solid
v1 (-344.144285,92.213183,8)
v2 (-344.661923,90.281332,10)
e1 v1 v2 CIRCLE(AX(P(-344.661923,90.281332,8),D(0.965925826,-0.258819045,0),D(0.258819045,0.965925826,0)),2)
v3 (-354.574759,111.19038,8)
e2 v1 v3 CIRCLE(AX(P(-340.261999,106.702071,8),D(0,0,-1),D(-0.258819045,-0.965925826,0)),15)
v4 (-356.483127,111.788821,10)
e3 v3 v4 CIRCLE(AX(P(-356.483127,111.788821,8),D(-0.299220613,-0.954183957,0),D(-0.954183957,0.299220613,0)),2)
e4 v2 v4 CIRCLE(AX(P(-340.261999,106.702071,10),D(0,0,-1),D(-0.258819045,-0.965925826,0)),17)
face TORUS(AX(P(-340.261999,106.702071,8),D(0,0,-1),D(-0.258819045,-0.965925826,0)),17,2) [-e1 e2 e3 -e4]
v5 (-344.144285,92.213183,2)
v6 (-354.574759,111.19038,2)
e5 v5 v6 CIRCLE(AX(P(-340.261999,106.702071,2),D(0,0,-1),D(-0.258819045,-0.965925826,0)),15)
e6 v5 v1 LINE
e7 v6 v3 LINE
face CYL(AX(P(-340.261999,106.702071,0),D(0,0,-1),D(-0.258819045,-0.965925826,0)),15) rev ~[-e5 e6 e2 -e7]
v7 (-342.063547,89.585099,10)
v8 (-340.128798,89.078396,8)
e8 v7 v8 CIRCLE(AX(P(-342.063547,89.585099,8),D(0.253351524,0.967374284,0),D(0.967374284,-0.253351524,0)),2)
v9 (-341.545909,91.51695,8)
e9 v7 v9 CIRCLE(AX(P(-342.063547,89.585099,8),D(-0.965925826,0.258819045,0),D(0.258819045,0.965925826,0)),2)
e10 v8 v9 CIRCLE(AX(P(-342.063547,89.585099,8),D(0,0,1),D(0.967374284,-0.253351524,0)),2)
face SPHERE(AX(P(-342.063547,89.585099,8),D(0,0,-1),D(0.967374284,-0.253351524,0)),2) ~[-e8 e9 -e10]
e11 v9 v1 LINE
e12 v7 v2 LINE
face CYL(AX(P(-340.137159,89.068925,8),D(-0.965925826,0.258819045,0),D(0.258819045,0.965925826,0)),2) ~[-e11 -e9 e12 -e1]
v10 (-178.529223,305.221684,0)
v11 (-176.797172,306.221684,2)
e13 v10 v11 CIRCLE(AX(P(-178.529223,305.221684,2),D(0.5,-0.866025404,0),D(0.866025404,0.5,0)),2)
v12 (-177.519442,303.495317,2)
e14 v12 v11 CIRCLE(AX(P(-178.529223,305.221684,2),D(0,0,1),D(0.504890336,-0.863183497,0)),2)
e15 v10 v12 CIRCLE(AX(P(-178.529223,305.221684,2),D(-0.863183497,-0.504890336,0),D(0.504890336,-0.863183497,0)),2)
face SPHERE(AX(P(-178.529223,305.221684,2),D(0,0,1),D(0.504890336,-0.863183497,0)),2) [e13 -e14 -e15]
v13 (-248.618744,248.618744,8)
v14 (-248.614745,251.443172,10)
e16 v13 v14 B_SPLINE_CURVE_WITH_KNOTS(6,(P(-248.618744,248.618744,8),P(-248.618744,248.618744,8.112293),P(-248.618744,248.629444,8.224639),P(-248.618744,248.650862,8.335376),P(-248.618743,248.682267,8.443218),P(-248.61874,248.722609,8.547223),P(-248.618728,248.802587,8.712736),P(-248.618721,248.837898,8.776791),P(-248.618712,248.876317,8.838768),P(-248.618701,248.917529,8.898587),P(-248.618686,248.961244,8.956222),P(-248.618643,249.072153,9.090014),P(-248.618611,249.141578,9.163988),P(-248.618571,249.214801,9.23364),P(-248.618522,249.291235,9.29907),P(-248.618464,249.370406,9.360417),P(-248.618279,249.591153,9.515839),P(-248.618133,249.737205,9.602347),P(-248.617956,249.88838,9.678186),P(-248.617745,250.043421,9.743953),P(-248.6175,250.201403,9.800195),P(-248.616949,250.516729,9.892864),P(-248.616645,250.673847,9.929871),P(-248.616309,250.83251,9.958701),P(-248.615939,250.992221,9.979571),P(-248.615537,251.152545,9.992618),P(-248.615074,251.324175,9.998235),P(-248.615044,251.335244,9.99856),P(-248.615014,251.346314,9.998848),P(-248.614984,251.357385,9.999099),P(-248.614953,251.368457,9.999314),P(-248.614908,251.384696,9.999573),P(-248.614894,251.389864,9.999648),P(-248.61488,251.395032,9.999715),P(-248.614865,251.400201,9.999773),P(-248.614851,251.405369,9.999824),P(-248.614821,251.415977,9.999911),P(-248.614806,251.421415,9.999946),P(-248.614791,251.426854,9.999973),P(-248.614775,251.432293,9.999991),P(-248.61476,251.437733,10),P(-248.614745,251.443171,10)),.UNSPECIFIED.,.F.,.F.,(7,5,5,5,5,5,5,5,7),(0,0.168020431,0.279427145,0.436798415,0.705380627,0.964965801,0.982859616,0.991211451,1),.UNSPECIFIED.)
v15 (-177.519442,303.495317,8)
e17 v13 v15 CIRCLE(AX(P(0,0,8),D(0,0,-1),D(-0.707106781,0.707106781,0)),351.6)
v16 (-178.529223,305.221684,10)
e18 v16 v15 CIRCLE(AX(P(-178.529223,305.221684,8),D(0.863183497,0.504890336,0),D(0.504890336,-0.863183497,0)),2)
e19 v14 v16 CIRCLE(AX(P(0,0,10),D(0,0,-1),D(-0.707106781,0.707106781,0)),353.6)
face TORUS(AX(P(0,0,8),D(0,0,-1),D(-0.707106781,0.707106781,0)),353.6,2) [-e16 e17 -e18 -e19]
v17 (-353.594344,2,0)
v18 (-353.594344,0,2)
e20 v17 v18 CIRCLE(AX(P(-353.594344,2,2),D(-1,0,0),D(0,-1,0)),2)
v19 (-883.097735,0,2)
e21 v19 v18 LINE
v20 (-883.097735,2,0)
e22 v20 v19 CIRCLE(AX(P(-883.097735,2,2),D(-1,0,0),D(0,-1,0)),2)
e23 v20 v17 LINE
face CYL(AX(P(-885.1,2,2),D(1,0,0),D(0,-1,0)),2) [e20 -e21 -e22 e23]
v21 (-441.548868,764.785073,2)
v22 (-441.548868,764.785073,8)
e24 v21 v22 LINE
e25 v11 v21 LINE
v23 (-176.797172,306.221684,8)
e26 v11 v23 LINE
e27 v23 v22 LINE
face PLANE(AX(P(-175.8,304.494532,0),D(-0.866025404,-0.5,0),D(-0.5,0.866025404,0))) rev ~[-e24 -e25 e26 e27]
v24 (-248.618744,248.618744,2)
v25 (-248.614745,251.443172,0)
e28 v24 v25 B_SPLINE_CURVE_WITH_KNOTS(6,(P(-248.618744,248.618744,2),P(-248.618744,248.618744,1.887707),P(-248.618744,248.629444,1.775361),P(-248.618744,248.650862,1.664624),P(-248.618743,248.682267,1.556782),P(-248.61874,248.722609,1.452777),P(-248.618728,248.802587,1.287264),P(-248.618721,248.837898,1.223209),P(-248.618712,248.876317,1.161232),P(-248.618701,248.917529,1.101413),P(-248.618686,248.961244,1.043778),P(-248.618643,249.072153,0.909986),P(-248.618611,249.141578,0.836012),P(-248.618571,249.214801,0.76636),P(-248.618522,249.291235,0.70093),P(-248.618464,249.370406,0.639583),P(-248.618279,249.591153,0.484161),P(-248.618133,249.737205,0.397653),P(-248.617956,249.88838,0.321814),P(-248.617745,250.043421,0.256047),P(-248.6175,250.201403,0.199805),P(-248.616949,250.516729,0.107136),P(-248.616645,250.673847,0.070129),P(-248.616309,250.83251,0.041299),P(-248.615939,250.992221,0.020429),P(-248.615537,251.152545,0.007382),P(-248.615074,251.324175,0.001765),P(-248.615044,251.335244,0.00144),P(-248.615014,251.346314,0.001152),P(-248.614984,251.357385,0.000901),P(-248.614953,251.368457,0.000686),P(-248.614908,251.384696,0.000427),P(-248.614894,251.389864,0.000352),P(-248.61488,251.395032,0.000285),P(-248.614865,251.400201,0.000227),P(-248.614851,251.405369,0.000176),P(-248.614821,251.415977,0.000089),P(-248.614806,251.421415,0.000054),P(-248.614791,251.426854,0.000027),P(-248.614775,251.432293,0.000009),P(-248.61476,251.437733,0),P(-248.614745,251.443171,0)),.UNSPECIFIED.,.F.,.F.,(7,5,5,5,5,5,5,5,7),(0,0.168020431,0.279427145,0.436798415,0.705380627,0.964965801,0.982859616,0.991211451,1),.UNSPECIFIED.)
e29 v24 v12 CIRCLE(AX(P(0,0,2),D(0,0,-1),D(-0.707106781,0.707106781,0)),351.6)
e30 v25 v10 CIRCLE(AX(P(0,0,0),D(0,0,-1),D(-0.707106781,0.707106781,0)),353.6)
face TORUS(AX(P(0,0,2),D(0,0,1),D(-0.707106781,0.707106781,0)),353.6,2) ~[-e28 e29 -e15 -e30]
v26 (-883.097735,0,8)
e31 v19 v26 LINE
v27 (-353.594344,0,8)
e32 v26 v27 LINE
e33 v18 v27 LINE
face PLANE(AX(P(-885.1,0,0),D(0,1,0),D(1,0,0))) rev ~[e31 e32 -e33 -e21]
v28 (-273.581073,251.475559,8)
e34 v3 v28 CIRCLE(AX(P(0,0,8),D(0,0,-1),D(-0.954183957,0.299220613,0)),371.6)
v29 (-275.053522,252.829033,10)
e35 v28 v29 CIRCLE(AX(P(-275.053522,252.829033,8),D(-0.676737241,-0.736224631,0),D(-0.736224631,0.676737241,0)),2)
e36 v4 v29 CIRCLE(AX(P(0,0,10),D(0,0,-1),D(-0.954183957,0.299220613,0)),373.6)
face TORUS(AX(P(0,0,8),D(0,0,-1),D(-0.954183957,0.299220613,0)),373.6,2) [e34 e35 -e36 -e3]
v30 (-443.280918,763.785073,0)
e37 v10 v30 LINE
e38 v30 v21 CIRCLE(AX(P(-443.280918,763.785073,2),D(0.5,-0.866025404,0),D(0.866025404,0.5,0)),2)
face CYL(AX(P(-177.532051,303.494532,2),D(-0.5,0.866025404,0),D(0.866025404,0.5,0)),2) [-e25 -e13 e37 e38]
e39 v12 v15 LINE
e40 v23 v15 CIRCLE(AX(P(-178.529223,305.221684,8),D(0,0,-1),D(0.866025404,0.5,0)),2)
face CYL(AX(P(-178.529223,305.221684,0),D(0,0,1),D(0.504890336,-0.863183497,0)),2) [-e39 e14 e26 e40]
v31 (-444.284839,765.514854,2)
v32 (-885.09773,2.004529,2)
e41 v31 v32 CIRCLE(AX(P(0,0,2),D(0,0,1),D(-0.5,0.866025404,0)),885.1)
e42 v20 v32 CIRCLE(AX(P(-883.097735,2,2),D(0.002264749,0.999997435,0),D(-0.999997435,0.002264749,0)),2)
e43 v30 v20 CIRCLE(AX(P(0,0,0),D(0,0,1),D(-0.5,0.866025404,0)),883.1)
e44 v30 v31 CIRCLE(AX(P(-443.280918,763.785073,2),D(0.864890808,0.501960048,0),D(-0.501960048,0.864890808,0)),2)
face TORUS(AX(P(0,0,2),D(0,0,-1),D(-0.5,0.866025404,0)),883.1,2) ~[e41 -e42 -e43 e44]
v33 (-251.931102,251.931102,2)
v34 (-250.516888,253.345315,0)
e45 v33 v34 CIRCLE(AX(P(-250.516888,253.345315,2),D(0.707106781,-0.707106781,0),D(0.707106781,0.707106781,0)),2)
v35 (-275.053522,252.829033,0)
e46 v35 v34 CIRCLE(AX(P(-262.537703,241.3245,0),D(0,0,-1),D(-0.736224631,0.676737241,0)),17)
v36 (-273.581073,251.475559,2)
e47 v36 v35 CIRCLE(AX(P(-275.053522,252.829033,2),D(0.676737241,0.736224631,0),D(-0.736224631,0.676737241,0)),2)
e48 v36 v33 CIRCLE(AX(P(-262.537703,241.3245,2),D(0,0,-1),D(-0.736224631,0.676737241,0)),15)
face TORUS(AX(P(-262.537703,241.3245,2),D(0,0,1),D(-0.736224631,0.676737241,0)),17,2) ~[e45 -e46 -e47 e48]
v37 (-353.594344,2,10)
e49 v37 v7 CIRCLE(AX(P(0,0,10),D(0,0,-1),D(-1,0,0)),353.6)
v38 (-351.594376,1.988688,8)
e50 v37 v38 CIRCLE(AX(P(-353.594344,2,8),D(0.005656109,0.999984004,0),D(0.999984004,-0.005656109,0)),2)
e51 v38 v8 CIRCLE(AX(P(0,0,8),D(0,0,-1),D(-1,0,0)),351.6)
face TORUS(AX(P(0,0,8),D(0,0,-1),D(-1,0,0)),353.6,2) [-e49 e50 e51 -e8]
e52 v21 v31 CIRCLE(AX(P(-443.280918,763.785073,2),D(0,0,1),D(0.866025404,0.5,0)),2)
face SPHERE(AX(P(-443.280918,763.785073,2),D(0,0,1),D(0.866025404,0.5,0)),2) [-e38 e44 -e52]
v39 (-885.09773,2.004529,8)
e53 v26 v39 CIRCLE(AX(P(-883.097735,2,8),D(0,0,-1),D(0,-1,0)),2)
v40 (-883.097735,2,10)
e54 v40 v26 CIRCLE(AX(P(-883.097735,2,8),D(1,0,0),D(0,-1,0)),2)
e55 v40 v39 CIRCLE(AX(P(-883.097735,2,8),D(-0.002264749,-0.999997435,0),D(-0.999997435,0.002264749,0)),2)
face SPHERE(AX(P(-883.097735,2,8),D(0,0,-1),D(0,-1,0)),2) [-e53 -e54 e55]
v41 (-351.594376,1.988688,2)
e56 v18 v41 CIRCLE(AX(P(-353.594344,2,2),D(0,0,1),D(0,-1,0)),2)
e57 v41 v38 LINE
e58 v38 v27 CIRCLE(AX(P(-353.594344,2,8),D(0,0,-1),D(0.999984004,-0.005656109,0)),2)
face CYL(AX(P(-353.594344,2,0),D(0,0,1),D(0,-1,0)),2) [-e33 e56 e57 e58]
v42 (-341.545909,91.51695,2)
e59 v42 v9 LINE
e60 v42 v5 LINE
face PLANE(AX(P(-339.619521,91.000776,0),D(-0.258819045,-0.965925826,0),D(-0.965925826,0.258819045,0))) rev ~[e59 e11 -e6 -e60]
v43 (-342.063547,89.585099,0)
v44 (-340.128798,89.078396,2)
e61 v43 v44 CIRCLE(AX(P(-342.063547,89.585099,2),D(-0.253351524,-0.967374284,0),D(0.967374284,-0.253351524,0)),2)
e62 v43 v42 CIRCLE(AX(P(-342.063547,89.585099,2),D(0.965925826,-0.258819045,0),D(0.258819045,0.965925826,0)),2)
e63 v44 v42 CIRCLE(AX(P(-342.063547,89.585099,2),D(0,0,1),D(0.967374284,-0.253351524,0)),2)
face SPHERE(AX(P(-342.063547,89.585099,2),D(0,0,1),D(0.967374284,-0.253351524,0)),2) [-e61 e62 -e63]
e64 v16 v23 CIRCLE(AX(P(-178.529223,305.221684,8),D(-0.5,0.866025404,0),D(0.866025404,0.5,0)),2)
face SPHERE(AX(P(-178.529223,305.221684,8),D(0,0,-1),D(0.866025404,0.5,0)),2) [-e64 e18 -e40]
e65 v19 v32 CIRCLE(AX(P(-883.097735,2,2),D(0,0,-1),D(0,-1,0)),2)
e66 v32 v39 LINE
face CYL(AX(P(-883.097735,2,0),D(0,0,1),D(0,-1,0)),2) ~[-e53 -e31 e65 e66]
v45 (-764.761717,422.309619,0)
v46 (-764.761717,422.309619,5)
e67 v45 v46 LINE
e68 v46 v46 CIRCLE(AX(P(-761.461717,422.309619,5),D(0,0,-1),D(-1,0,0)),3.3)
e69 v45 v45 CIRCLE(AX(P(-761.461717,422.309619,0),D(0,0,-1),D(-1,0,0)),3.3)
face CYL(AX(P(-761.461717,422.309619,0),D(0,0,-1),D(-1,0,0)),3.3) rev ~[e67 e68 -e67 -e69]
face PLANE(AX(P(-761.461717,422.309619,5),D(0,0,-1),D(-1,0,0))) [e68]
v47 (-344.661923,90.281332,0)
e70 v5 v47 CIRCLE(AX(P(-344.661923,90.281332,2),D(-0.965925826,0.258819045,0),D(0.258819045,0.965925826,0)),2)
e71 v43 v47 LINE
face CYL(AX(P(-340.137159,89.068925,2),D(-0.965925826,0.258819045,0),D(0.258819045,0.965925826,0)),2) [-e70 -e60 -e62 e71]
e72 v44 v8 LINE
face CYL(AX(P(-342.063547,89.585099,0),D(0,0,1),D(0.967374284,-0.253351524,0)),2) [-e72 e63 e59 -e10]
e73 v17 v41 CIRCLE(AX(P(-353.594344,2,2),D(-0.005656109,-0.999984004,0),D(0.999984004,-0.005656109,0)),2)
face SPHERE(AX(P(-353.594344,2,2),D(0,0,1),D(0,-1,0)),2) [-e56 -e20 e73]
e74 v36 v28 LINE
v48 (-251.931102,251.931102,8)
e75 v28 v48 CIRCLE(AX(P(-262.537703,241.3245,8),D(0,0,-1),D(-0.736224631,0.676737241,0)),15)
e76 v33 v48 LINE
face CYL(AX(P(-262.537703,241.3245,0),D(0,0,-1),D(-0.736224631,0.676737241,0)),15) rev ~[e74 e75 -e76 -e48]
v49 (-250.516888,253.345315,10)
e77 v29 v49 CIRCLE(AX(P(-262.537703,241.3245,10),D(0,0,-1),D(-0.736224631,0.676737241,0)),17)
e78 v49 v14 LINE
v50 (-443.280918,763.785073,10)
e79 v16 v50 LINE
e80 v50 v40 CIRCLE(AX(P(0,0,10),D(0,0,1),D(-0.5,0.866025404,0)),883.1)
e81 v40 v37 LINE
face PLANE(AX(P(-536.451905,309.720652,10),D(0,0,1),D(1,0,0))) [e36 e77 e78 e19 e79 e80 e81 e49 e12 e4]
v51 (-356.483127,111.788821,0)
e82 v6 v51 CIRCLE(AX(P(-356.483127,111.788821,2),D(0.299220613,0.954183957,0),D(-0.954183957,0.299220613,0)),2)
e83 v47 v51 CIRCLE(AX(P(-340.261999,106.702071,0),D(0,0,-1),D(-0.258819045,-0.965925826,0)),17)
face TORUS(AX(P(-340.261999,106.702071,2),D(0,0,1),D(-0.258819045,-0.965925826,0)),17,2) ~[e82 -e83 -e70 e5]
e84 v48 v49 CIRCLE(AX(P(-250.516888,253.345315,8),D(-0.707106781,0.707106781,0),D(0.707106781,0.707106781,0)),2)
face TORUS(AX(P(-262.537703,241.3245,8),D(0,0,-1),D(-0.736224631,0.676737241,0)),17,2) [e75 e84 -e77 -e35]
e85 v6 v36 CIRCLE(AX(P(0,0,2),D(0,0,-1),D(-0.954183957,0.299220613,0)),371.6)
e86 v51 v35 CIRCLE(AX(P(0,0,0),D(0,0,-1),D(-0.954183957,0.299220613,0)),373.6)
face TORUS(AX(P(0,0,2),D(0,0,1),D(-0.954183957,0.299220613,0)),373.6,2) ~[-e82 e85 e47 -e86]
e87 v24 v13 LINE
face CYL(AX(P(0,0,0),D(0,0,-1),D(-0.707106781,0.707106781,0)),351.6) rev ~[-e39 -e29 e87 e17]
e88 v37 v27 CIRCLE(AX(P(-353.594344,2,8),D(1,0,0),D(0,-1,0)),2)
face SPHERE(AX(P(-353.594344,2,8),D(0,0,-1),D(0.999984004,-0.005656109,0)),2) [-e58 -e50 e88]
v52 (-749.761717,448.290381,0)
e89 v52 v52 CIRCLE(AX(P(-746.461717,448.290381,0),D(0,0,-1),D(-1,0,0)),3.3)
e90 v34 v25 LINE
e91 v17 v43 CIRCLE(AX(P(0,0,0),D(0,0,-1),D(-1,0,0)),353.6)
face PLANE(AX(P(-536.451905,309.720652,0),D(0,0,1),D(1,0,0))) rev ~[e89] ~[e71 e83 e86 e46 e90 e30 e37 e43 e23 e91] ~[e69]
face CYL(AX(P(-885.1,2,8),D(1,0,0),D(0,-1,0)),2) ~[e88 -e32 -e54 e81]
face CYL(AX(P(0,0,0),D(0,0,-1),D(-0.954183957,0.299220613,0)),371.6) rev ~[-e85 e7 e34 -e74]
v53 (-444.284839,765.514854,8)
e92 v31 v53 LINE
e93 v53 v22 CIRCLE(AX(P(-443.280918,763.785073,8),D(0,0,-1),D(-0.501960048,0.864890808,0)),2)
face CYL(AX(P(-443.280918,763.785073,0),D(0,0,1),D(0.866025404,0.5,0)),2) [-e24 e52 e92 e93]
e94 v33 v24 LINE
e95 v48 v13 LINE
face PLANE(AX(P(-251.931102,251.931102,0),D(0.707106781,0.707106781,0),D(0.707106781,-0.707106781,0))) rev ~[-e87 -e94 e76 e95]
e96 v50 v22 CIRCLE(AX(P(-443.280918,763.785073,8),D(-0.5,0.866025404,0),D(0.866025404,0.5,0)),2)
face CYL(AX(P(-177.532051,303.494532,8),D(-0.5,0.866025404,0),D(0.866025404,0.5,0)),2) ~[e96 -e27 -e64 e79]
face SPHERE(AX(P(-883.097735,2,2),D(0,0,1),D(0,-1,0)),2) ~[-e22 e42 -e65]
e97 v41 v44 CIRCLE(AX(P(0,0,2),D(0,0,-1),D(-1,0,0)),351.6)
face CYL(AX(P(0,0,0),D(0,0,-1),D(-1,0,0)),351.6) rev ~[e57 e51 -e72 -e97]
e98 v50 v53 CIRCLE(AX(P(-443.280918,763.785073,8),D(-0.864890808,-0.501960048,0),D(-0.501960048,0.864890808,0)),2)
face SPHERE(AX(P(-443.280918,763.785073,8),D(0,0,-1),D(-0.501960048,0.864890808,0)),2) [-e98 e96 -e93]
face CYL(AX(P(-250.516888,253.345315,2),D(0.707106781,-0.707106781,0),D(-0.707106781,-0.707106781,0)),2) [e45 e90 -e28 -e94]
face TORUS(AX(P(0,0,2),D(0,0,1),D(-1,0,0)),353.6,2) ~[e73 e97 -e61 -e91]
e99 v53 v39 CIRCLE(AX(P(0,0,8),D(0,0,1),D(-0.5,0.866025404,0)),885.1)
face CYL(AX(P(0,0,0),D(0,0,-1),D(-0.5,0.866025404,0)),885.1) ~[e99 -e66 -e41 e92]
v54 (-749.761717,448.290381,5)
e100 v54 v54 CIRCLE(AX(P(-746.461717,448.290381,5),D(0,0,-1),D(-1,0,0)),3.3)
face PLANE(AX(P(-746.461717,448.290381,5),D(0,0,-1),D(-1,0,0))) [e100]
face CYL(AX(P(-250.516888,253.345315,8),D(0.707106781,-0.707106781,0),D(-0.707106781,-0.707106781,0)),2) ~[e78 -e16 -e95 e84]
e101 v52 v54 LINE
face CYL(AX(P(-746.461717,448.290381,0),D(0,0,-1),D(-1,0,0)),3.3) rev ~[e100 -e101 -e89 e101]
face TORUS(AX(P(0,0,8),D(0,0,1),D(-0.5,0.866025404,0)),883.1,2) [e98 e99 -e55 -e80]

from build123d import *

# Parameters (mm, degrees)
BOSS_EXTRUDE1_DEPTH = 10
FILLET2_R           = 2
SKETCH2_R           = 3.3
CUT_EXTRUDE1_DEPTH  = 5


with BuildPart() as part:
    # Sketch1 → Boss-Extrude1 (new body)
    with BuildSketch(Plane.XY):
        with BuildLine():
            Line((-885.1, 0), (-351.6, 0))
            ThreePointArc((-351.6, 0), (-348.592013259, 45.893009185), (-339.619520523, 91.000776258))
            Line((-339.619520523, 91.000776258), (-344.144284915, 92.213183223))
            ThreePointArc((-344.144284915, 92.213183223), (-353.407280278, 99.477004084), (-354.574758601, 111.190379813))
            ThreePointArc((-354.574758601, 111.190379813), (-321.815040046, 185.8), (-273.581072875, 251.475558583))
            ThreePointArc((-273.581072875, 251.475558583), (-262.853252768, 256.321180561), (-251.931101693, 251.931101693))
            Line((-251.931101693, 251.931101693), (-248.618744265, 248.618744265))
            ThreePointArc((-248.618744265, 248.618744265), (-214.040518439, 278.943034446), (-175.8, 304.494531971))
            Line((-175.8, 304.494531971), (-442.55, 766.51908489))
            ThreePointArc((-442.55, 766.51908489), (-766.51908489, 442.55), (-885.1, 0))
        make_face()
    extrude(amount=BOSS_EXTRUDE1_DEPTH)

    # Fillet2
    fillet2_edges = [part.edges().sort_by_distance(p)[0] for p in [
        (-618.35, 0, 0),
        (-348.592013259, 45.893009185, 0),
        (-341.881902719, 91.60697974, 0),
        (-353.407280278, 99.477004084, 0),
        (-321.815040046, 185.8, 0),
        (-262.853252768, 256.321180561, 0),
        (-250.274922979, 250.274922979, 0),
        (-214.040518439, 278.943034446, 10),
        (-214.040518439, 278.943034446, 0),
        (-309.175, 535.50680843, 0),
        (-766.51908489, 442.55, 0),
        (-250.274922979, 250.274922979, 10),
        (-885.1, 0, 5),
        (-351.6, 0, 5),
        (-339.619520523, 91.000776258, 5),
        (-175.8, 304.494531971, 5),
        (-442.55, 766.51908489, 5),
        (-262.853252768, 256.321180561, 10),
        (-321.815040046, 185.8, 10),
        (-353.407280278, 99.477004084, 10),
        (-341.881902719, 91.60697974, 10),
        (-348.592013259, 45.893009185, 10),
        (-618.35, 0, 10),
        (-766.51908489, 442.55, 10),
        (-309.175, 535.50680843, 10),
    ]]
    fillet(fillet2_edges, radius=FILLET2_R)

    # Sketch2 → Cut-Extrude1 (cut)
    with BuildSketch(Plane(origin=(0, 0, 0), x_dir=(-1, 0, 0), z_dir=(0, 0, -1))):
        with Locations((746.461716535, 448.290381057)):
            Circle(SKETCH2_R)
        with Locations((761.461716535, 422.309618943)):
            Circle(SKETCH2_R)
    extrude(amount=-CUT_EXTRUDE1_DEPTH, mode=Mode.SUBTRACT)


solid = part.part
